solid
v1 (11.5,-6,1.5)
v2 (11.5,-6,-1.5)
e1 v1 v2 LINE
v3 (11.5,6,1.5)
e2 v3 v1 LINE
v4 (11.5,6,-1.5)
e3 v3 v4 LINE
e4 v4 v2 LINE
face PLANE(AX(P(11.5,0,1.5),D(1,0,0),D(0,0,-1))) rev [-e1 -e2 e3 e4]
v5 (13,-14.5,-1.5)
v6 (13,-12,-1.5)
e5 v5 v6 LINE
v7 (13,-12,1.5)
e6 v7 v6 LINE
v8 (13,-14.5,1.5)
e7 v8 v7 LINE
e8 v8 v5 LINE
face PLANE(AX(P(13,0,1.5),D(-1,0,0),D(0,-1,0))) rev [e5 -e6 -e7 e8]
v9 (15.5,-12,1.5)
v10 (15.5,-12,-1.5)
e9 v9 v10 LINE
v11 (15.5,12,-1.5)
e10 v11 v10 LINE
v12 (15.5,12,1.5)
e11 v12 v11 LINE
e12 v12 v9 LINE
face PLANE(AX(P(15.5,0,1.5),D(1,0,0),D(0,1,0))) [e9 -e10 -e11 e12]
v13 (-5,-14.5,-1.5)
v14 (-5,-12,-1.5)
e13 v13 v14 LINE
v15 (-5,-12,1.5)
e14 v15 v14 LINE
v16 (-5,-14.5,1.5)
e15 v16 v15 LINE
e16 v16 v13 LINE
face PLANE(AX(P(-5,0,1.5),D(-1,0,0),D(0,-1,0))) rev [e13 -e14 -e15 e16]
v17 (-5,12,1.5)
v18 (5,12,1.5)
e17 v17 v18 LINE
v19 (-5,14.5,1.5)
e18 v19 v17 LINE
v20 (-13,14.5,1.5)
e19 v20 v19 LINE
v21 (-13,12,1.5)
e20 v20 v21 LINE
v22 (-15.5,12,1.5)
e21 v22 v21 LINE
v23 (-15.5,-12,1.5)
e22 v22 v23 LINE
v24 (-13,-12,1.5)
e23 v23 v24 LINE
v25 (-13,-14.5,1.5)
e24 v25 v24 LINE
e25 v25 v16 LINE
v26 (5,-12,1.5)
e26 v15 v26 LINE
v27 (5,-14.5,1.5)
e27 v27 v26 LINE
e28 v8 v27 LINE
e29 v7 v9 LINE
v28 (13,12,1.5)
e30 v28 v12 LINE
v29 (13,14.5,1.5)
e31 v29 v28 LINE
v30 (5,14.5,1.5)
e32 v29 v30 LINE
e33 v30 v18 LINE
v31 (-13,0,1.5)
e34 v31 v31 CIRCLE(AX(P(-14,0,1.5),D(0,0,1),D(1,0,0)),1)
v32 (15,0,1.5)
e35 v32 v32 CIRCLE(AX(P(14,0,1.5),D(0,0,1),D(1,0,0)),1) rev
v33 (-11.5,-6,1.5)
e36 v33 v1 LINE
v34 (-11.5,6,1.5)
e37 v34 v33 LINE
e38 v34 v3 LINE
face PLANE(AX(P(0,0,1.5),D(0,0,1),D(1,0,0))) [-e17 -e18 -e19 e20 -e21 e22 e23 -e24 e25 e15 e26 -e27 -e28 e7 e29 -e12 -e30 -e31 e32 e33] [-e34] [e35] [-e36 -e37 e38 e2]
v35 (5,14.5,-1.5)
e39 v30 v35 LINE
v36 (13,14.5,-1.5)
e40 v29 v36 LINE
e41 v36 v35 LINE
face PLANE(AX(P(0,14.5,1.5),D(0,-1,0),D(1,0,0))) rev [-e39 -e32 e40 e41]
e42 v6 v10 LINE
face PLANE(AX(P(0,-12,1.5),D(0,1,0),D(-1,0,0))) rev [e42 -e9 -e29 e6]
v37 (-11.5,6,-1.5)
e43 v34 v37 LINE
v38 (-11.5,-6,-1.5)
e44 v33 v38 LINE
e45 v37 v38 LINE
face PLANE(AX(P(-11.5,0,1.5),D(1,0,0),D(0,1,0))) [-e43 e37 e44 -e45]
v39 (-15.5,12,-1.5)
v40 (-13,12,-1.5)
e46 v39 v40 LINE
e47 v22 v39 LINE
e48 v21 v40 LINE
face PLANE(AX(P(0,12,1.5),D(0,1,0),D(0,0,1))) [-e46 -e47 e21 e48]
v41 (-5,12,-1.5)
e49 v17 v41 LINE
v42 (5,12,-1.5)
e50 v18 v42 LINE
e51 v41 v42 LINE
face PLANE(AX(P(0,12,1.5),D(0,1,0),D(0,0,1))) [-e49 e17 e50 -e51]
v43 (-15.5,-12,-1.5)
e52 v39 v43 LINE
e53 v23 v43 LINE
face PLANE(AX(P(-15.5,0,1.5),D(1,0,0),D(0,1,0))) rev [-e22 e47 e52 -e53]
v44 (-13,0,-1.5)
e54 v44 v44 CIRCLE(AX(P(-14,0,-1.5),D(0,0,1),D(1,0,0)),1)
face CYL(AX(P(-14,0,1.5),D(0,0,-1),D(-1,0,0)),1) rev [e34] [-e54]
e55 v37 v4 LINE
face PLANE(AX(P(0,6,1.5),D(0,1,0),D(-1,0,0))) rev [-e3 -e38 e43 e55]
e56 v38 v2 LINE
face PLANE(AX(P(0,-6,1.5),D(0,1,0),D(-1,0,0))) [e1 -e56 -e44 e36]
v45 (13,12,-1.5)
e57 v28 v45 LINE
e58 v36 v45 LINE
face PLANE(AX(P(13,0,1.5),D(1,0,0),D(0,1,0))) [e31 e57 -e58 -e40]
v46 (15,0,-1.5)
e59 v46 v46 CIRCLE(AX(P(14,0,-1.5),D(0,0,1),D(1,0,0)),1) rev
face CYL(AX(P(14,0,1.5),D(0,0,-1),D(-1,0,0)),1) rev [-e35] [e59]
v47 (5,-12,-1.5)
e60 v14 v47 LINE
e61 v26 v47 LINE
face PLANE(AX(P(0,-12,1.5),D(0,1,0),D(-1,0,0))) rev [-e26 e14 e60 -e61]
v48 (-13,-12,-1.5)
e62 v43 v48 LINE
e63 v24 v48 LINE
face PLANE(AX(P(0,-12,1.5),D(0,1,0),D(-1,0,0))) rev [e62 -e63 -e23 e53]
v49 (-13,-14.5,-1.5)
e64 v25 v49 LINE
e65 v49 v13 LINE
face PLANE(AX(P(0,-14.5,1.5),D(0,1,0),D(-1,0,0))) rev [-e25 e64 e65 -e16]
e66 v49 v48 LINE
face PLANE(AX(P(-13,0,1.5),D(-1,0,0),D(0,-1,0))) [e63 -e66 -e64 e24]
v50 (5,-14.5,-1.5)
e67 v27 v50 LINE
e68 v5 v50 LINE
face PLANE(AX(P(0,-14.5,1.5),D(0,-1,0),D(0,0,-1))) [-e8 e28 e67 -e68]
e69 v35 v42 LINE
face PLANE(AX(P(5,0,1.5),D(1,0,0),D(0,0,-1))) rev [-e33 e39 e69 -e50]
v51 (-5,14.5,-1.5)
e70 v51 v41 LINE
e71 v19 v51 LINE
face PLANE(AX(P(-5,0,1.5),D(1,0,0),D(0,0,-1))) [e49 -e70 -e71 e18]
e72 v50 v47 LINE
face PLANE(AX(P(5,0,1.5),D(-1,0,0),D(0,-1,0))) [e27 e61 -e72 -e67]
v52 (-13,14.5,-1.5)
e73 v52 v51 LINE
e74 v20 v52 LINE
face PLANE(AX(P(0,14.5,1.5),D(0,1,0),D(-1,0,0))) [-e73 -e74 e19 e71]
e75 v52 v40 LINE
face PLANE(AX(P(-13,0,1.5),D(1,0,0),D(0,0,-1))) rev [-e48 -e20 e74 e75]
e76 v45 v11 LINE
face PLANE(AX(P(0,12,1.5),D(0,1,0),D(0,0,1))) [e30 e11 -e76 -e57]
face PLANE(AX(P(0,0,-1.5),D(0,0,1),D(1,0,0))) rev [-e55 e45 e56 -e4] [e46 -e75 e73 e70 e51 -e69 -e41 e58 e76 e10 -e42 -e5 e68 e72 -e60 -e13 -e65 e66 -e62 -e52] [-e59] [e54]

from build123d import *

# Parameters (mm, degrees)
SKETCH1_R           = 1
SKETCH1_W           = 23
SKETCH1_H           = 12
BOSS_EXTRUDE1_DEPTH = 1.5


with BuildPart() as part:
    # Sketch1 → Boss-Extrude1 (new body, symmetric)
    with BuildSketch(Plane.XY):
        Polygon((-13, 12), (-15.5, 12), (-15.5, -12), (-13, -12), (-13, -14.5), (-5, -14.5), (-5, -12), (5, -12), (5, -14.5), (13, -14.5), (13, -12), (15.5, -12), (15.5, 12), (13, 12), (13, 14.5), (5, 14.5), (5, 12), (-5, 12), (-5, 14.5), (-13, 14.5), align=None)
        with Locations((-14, 0)):
            Circle(SKETCH1_R, mode=Mode.SUBTRACT)
        Rectangle(SKETCH1_W, SKETCH1_H, mode=Mode.SUBTRACT)
        with Locations((14, 0)):
            Circle(SKETCH1_R, mode=Mode.SUBTRACT)
    extrude(amount=BOSS_EXTRUDE1_DEPTH, both=True)


solid = part.part
